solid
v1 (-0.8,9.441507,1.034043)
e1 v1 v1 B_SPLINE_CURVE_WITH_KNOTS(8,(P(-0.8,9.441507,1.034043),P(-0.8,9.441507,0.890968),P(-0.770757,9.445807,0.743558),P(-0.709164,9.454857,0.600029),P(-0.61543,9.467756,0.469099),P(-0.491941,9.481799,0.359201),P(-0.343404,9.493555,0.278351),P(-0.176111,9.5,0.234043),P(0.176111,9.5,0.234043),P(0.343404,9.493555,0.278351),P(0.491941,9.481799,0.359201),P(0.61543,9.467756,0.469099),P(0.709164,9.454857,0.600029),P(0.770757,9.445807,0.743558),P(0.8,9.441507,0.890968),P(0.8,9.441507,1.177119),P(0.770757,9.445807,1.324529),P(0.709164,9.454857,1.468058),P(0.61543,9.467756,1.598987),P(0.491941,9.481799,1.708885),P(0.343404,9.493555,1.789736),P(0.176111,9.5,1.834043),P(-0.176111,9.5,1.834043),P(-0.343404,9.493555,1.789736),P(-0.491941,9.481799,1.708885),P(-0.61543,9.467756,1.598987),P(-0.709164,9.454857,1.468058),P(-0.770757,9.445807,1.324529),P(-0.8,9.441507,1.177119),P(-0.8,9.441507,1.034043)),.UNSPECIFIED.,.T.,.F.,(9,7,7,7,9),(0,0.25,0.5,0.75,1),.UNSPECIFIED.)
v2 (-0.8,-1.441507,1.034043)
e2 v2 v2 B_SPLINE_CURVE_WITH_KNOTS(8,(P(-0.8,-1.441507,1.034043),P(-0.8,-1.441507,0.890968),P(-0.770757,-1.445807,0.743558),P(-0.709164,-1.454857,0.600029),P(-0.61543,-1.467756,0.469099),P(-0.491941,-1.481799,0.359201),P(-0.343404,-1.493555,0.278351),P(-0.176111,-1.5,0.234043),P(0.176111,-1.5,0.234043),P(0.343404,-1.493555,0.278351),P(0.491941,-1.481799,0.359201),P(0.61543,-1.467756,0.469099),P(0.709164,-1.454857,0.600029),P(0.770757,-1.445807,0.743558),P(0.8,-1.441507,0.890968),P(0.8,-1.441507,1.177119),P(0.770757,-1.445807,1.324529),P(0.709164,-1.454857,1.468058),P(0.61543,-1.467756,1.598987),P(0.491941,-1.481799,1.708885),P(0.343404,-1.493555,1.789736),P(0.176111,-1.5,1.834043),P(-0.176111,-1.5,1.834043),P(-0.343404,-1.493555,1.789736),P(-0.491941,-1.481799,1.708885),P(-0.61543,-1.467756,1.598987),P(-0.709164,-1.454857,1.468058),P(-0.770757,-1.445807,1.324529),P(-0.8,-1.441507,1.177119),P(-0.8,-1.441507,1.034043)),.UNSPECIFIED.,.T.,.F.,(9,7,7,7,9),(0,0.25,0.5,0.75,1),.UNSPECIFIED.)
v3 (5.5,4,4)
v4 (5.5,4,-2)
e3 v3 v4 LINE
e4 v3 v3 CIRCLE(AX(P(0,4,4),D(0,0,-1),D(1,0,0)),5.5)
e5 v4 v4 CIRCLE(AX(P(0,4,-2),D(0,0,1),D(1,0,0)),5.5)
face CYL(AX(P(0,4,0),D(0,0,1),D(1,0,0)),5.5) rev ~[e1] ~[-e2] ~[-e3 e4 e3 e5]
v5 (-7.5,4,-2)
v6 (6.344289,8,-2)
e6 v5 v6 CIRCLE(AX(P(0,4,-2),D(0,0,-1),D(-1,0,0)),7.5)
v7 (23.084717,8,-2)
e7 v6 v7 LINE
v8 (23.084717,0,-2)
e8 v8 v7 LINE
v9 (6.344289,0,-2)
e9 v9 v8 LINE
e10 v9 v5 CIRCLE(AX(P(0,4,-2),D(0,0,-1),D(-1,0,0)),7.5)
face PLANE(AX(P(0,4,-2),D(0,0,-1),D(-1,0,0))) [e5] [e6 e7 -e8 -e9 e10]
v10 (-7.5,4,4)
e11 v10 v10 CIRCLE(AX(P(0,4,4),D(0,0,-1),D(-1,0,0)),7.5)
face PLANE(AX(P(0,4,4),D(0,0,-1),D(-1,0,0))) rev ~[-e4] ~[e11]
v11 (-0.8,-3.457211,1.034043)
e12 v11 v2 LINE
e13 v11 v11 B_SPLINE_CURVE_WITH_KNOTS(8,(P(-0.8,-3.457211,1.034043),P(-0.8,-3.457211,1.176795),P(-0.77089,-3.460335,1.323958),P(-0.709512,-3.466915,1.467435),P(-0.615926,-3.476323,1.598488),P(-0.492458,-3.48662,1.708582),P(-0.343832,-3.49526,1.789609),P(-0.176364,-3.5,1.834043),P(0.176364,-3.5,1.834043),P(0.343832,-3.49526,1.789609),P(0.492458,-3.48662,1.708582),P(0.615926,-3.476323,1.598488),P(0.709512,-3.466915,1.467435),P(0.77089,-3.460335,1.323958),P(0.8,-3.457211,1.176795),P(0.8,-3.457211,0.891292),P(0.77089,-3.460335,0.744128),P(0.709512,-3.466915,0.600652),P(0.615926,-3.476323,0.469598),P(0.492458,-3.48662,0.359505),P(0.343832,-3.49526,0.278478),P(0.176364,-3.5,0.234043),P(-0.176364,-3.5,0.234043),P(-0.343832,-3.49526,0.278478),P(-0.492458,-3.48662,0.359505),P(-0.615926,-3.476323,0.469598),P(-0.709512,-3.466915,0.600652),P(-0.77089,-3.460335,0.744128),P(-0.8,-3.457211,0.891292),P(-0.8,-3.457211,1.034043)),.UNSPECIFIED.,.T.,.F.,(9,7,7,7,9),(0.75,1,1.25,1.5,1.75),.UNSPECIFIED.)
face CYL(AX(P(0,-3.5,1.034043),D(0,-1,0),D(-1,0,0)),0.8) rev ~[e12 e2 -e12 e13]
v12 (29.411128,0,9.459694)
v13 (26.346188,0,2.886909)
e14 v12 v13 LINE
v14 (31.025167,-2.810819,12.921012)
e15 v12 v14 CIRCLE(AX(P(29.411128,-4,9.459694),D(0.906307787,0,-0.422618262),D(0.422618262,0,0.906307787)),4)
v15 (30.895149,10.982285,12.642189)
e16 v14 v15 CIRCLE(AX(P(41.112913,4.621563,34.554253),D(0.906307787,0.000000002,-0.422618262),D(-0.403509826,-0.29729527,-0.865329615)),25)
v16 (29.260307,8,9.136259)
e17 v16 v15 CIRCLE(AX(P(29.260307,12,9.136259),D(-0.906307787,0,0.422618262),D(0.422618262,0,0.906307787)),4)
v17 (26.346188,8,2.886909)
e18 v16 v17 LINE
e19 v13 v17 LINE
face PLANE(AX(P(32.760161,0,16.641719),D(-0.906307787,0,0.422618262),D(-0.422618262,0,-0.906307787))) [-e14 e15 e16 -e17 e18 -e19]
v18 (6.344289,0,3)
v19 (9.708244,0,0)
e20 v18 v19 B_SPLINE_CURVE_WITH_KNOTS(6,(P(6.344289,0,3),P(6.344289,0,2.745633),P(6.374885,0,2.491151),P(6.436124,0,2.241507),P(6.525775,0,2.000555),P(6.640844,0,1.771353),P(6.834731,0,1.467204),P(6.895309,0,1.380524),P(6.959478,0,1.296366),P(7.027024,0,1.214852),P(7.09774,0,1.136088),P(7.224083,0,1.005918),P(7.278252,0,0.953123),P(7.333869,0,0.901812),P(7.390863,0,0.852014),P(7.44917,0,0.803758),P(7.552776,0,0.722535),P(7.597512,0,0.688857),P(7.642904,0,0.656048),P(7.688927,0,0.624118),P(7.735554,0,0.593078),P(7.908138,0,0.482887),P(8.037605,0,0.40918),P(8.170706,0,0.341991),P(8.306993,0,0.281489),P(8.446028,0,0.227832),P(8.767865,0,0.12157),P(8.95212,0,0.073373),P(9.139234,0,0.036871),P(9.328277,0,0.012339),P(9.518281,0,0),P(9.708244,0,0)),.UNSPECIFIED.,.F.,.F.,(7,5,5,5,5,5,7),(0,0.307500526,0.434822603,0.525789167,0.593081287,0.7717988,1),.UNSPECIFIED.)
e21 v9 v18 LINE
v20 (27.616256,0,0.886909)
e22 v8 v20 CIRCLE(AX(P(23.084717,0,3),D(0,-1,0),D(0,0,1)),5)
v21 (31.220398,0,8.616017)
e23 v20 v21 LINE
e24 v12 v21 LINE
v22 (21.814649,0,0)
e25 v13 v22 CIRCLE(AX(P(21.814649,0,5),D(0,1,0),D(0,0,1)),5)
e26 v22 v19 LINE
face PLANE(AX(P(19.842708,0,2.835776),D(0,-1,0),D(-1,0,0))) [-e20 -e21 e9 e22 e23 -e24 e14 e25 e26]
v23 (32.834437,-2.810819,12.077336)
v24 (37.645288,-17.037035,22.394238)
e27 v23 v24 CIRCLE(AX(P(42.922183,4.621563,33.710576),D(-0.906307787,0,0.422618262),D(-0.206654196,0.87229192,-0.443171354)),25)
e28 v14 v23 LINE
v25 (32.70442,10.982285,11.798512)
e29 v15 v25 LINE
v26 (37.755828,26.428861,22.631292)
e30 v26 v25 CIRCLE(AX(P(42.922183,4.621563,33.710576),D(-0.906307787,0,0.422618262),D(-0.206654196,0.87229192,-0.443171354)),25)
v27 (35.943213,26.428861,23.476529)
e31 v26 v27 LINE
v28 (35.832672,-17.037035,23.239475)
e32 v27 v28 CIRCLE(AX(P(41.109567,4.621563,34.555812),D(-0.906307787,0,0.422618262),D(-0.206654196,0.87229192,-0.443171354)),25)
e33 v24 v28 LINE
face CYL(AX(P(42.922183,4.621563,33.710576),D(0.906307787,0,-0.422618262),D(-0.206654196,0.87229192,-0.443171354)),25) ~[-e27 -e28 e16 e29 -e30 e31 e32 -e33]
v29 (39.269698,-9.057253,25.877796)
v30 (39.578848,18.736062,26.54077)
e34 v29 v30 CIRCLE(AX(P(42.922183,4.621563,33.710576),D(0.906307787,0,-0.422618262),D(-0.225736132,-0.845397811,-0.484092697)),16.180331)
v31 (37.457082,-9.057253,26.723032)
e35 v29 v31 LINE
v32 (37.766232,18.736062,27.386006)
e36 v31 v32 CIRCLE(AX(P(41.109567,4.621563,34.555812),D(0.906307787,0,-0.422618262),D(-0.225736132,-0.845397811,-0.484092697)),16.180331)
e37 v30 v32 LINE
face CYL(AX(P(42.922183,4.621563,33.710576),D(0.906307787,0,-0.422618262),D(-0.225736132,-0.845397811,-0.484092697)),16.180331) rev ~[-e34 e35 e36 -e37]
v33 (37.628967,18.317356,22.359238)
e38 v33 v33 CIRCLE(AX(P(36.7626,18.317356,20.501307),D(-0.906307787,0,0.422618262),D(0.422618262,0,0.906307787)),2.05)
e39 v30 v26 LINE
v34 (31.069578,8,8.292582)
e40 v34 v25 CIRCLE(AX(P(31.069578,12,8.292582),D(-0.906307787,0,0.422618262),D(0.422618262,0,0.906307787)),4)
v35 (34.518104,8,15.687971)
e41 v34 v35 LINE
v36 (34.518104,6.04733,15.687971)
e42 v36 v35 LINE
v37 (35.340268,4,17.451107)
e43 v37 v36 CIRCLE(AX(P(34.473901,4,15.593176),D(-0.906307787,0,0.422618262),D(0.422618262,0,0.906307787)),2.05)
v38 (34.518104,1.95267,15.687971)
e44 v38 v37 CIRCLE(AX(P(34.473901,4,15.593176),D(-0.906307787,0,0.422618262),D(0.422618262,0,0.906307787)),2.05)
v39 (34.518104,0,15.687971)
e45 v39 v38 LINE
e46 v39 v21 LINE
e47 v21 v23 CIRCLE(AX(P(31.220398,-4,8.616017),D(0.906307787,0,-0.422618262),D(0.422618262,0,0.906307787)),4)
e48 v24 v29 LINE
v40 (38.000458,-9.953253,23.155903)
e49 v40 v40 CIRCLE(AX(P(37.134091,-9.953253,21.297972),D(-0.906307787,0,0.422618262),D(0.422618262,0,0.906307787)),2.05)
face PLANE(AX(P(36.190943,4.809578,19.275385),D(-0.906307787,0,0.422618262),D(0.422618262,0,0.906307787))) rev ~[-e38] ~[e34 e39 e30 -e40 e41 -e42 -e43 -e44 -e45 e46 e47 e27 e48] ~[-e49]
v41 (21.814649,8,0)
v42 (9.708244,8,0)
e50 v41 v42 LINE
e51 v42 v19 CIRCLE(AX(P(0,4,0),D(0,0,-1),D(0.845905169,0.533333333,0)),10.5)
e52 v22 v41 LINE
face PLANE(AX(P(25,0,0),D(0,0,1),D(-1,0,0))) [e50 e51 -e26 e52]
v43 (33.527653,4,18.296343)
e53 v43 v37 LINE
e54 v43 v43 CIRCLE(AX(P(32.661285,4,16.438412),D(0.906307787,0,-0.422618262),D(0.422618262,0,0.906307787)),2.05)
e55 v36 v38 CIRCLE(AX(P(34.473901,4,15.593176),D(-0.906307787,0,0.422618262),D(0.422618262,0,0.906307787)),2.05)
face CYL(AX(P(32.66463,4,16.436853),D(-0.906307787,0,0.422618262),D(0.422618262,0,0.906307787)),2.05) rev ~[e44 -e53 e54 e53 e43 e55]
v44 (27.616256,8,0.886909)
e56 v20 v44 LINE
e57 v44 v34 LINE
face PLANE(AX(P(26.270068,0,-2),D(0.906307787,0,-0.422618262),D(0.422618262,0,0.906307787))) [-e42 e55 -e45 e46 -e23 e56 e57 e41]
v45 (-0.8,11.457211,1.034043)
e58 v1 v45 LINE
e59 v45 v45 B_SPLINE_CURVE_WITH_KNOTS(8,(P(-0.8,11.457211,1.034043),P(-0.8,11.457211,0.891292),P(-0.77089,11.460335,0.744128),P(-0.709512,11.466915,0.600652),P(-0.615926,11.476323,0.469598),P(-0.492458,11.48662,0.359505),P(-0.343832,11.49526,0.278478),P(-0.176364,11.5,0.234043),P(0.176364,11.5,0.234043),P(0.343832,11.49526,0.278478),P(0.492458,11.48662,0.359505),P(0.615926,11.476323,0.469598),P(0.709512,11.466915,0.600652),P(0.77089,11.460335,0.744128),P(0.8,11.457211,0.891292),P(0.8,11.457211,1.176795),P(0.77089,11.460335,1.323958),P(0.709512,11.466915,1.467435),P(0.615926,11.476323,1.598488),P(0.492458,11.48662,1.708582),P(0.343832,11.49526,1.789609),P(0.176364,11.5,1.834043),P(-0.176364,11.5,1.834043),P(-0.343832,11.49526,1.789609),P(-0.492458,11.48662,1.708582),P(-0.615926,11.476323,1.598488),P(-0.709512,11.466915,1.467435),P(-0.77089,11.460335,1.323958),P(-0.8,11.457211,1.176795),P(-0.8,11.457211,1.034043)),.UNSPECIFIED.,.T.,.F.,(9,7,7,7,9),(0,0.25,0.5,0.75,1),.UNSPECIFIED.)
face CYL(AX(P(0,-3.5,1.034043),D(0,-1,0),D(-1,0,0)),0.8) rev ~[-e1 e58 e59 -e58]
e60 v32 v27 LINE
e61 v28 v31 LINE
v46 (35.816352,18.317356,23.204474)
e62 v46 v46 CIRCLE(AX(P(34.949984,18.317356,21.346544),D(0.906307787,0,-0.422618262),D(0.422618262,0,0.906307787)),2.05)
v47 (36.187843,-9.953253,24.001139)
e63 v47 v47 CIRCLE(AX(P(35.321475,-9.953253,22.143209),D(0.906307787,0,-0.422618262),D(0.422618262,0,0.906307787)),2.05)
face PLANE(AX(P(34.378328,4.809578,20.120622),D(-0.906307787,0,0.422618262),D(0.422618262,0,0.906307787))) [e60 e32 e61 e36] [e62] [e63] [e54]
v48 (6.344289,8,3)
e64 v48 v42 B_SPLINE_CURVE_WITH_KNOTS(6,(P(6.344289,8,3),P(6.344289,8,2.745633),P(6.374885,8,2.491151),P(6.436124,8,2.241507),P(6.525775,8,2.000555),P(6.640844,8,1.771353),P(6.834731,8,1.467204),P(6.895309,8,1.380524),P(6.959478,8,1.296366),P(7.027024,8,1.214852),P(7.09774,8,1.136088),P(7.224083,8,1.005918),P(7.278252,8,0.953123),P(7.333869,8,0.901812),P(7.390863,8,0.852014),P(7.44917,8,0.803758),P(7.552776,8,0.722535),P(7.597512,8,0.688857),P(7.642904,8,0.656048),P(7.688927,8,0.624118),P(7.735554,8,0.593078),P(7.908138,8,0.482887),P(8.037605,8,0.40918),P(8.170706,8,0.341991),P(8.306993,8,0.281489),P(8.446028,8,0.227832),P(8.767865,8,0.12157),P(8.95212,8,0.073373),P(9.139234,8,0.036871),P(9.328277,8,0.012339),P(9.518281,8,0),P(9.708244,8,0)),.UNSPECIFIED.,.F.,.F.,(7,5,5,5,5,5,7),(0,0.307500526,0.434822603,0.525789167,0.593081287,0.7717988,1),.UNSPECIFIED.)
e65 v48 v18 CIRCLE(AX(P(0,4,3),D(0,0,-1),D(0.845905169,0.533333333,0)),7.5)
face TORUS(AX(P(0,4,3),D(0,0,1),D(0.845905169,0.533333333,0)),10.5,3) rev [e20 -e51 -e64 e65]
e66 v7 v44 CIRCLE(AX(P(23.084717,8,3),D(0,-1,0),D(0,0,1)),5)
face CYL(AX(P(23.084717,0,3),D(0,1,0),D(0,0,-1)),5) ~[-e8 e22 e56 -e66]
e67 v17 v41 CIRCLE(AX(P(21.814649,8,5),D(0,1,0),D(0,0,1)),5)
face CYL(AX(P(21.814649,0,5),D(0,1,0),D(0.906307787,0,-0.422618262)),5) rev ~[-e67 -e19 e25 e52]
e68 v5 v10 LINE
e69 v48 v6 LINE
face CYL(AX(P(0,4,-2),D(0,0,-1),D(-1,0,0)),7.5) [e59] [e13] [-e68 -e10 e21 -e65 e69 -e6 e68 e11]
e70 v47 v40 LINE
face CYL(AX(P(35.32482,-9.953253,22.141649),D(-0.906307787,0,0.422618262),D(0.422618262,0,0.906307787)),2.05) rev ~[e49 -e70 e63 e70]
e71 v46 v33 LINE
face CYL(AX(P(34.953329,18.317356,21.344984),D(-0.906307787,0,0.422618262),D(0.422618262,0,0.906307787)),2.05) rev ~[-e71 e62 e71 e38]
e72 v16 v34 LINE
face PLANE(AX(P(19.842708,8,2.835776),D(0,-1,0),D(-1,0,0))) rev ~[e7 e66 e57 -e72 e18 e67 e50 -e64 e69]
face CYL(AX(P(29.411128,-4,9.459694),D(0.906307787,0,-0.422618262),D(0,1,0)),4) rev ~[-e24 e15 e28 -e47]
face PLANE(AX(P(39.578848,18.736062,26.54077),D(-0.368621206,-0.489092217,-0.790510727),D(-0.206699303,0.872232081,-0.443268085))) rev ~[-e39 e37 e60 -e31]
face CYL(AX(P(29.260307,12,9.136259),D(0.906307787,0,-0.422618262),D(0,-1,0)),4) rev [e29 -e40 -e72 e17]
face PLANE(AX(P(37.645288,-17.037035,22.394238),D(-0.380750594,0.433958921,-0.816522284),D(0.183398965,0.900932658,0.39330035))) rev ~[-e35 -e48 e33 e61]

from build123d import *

# Parameters (mm, degrees)
BOSS_EXTRUDE1_DEPTH     = 8
FILLET1_R               = 5
BOSS_EXTRUDE2_DEPTH     = 2
SKETCH3_R               = 2.05
CUT_EXTRUDE3_DEPTH      = 10
CUT_EXTRUDE3_DEPTH_BACK = 10
FILLET2_R               = 4
SKETCH6_R               = 7.5
BOSS_EXTRUDE3_DEPTH     = 6
SKETCH2_R               = 5.5
CUT_EXTRUDE4_DEPTH      = 28.386006481
CUT_EXTRUDE4_DEPTH_BACK = 3
SKETCH8_R               = 0.8
CUT_EXTRUDE5_DEPTH      = 30.928860828
FILLET3_R               = 3


with BuildPart() as part:
    # Sketch1 → Boss-Extrude1 (new body)
    with BuildSketch(Plane(origin=(0, 0, 0), x_dir=(1, 0, 0), z_dir=(0, 1, 0))):
        Polygon((0, 0), (0, 2), (26.270067987, 2), (34.518104392, -15.687971152), (32.760161227, -16.641719455), (25, 0), align=None)
    extrude(amount=BOSS_EXTRUDE1_DEPTH)

    # Fillet1
    fillet1_edges = [part.edges().sort_by_distance(p)[0] for p in [
        (26.270067987, 4, -2),
        (25, 4, 0),
    ]]
    fillet(fillet1_edges, radius=FILLET1_R)

    # Sketch5 → Boss-Extrude2 (add)
    with BuildSketch(Plane(origin=(22.344115541, 0, -10.419232191), x_dir=(-0.422618262, 0, -0.906307787), z_dir=(0.906307787, 0, -0.422618262))):
        with BuildLine():
            Line((-40.780850255, 18.736062391), (-36.467218683, 26.428860828))
            ThreePointArc((-36.467218683, 26.428860828), (-23.692308478, 4.771999965), (-36.205658542, -17.037035395))
            Line((-36.205658542, -17.037035395), (-40.049339329, -9.057253488))
            ThreePointArc((-40.049339329, -9.057253488), (-32.517126315, 5.047276383), (-40.780850255, 18.736062391))
        make_face()
    extrude(amount=-BOSS_EXTRUDE2_DEPTH)

    # Sketch3 → Cut-Extrude3 (cut, two sides)
    with BuildSketch(Plane(origin=(20.534845121, 0, -9.575555539), x_dir=(0.422618262, 0, 0.906307787), z_dir=(-0.906307787, 0, 0.422618262))) as cut_extrude3_sk:
        with Locations((28.701516689, 4)):
            Circle(SKETCH3_R)
        with Locations((34.117040182, 18.317355913)):
            Circle(SKETCH3_R)
        with Locations((48.070293023, 24.611901983)):
            Circle(SKETCH3_R)
        with Locations((62.387648936, 19.19637849)):
            Circle(SKETCH3_R)
        with Locations((68.682195005, 5.243125649)):
            Circle(SKETCH3_R)
        with Locations((63.266671512, -9.074230264)):
            Circle(SKETCH3_R)
        with Locations((49.313418672, -15.368776333)):
            Circle(SKETCH3_R)
        with Locations((34.996062759, -9.953252841)):
            Circle(SKETCH3_R)
    extrude(amount=CUT_EXTRUDE3_DEPTH, mode=Mode.SUBTRACT)
    extrude(cut_extrude3_sk.sketch, amount=-CUT_EXTRUDE3_DEPTH_BACK, mode=Mode.SUBTRACT)

    # Fillet2
    fillet2_edges = [part.edges().sort_by_distance(p)[0] for p in [
        (31.634193328, 0, 11.865238709),
        (31.549009715, 8, 11.682561863),
    ]]
    fillet(fillet2_edges, radius=FILLET2_R)

    # Sketch6 → Boss-Extrude3 (add)
    with BuildSketch(Plane(origin=(0, 0, -2), x_dir=(-1, 0, 0), z_dir=(0, 0, -1))):
        with Locations((0, 4)):
            Circle(SKETCH6_R)
    extrude(amount=-BOSS_EXTRUDE3_DEPTH)

    # Sketch2 → Cut-Extrude4 (cut, two sides)
    with BuildSketch(Plane.XY) as cut_extrude4_sk:
        with Locations((0, 4)):
            Circle(SKETCH2_R)
    extrude(amount=CUT_EXTRUDE4_DEPTH, mode=Mode.SUBTRACT)
    extrude(cut_extrude4_sk.sketch, amount=-CUT_EXTRUDE4_DEPTH_BACK, mode=Mode.SUBTRACT)

    # Sketch8 → Cut-Extrude5 (cut, through all)
    with BuildSketch(Plane(origin=(0, -3.5, 0), x_dir=(-1, 0, 0), z_dir=(0, -1, 0))):
        with Locations((0, -1.034043254)):
            Circle(SKETCH8_R)
    extrude(amount=-CUT_EXTRUDE5_DEPTH, mode=Mode.SUBTRACT)

    # Fillet3
    fillet3_edges = [part.edges().sort_by_distance(p)[0] for p in [
        (7.5, 4, 0),
    ]]
    fillet(fillet3_edges, radius=FILLET3_R)


solid = part.part
